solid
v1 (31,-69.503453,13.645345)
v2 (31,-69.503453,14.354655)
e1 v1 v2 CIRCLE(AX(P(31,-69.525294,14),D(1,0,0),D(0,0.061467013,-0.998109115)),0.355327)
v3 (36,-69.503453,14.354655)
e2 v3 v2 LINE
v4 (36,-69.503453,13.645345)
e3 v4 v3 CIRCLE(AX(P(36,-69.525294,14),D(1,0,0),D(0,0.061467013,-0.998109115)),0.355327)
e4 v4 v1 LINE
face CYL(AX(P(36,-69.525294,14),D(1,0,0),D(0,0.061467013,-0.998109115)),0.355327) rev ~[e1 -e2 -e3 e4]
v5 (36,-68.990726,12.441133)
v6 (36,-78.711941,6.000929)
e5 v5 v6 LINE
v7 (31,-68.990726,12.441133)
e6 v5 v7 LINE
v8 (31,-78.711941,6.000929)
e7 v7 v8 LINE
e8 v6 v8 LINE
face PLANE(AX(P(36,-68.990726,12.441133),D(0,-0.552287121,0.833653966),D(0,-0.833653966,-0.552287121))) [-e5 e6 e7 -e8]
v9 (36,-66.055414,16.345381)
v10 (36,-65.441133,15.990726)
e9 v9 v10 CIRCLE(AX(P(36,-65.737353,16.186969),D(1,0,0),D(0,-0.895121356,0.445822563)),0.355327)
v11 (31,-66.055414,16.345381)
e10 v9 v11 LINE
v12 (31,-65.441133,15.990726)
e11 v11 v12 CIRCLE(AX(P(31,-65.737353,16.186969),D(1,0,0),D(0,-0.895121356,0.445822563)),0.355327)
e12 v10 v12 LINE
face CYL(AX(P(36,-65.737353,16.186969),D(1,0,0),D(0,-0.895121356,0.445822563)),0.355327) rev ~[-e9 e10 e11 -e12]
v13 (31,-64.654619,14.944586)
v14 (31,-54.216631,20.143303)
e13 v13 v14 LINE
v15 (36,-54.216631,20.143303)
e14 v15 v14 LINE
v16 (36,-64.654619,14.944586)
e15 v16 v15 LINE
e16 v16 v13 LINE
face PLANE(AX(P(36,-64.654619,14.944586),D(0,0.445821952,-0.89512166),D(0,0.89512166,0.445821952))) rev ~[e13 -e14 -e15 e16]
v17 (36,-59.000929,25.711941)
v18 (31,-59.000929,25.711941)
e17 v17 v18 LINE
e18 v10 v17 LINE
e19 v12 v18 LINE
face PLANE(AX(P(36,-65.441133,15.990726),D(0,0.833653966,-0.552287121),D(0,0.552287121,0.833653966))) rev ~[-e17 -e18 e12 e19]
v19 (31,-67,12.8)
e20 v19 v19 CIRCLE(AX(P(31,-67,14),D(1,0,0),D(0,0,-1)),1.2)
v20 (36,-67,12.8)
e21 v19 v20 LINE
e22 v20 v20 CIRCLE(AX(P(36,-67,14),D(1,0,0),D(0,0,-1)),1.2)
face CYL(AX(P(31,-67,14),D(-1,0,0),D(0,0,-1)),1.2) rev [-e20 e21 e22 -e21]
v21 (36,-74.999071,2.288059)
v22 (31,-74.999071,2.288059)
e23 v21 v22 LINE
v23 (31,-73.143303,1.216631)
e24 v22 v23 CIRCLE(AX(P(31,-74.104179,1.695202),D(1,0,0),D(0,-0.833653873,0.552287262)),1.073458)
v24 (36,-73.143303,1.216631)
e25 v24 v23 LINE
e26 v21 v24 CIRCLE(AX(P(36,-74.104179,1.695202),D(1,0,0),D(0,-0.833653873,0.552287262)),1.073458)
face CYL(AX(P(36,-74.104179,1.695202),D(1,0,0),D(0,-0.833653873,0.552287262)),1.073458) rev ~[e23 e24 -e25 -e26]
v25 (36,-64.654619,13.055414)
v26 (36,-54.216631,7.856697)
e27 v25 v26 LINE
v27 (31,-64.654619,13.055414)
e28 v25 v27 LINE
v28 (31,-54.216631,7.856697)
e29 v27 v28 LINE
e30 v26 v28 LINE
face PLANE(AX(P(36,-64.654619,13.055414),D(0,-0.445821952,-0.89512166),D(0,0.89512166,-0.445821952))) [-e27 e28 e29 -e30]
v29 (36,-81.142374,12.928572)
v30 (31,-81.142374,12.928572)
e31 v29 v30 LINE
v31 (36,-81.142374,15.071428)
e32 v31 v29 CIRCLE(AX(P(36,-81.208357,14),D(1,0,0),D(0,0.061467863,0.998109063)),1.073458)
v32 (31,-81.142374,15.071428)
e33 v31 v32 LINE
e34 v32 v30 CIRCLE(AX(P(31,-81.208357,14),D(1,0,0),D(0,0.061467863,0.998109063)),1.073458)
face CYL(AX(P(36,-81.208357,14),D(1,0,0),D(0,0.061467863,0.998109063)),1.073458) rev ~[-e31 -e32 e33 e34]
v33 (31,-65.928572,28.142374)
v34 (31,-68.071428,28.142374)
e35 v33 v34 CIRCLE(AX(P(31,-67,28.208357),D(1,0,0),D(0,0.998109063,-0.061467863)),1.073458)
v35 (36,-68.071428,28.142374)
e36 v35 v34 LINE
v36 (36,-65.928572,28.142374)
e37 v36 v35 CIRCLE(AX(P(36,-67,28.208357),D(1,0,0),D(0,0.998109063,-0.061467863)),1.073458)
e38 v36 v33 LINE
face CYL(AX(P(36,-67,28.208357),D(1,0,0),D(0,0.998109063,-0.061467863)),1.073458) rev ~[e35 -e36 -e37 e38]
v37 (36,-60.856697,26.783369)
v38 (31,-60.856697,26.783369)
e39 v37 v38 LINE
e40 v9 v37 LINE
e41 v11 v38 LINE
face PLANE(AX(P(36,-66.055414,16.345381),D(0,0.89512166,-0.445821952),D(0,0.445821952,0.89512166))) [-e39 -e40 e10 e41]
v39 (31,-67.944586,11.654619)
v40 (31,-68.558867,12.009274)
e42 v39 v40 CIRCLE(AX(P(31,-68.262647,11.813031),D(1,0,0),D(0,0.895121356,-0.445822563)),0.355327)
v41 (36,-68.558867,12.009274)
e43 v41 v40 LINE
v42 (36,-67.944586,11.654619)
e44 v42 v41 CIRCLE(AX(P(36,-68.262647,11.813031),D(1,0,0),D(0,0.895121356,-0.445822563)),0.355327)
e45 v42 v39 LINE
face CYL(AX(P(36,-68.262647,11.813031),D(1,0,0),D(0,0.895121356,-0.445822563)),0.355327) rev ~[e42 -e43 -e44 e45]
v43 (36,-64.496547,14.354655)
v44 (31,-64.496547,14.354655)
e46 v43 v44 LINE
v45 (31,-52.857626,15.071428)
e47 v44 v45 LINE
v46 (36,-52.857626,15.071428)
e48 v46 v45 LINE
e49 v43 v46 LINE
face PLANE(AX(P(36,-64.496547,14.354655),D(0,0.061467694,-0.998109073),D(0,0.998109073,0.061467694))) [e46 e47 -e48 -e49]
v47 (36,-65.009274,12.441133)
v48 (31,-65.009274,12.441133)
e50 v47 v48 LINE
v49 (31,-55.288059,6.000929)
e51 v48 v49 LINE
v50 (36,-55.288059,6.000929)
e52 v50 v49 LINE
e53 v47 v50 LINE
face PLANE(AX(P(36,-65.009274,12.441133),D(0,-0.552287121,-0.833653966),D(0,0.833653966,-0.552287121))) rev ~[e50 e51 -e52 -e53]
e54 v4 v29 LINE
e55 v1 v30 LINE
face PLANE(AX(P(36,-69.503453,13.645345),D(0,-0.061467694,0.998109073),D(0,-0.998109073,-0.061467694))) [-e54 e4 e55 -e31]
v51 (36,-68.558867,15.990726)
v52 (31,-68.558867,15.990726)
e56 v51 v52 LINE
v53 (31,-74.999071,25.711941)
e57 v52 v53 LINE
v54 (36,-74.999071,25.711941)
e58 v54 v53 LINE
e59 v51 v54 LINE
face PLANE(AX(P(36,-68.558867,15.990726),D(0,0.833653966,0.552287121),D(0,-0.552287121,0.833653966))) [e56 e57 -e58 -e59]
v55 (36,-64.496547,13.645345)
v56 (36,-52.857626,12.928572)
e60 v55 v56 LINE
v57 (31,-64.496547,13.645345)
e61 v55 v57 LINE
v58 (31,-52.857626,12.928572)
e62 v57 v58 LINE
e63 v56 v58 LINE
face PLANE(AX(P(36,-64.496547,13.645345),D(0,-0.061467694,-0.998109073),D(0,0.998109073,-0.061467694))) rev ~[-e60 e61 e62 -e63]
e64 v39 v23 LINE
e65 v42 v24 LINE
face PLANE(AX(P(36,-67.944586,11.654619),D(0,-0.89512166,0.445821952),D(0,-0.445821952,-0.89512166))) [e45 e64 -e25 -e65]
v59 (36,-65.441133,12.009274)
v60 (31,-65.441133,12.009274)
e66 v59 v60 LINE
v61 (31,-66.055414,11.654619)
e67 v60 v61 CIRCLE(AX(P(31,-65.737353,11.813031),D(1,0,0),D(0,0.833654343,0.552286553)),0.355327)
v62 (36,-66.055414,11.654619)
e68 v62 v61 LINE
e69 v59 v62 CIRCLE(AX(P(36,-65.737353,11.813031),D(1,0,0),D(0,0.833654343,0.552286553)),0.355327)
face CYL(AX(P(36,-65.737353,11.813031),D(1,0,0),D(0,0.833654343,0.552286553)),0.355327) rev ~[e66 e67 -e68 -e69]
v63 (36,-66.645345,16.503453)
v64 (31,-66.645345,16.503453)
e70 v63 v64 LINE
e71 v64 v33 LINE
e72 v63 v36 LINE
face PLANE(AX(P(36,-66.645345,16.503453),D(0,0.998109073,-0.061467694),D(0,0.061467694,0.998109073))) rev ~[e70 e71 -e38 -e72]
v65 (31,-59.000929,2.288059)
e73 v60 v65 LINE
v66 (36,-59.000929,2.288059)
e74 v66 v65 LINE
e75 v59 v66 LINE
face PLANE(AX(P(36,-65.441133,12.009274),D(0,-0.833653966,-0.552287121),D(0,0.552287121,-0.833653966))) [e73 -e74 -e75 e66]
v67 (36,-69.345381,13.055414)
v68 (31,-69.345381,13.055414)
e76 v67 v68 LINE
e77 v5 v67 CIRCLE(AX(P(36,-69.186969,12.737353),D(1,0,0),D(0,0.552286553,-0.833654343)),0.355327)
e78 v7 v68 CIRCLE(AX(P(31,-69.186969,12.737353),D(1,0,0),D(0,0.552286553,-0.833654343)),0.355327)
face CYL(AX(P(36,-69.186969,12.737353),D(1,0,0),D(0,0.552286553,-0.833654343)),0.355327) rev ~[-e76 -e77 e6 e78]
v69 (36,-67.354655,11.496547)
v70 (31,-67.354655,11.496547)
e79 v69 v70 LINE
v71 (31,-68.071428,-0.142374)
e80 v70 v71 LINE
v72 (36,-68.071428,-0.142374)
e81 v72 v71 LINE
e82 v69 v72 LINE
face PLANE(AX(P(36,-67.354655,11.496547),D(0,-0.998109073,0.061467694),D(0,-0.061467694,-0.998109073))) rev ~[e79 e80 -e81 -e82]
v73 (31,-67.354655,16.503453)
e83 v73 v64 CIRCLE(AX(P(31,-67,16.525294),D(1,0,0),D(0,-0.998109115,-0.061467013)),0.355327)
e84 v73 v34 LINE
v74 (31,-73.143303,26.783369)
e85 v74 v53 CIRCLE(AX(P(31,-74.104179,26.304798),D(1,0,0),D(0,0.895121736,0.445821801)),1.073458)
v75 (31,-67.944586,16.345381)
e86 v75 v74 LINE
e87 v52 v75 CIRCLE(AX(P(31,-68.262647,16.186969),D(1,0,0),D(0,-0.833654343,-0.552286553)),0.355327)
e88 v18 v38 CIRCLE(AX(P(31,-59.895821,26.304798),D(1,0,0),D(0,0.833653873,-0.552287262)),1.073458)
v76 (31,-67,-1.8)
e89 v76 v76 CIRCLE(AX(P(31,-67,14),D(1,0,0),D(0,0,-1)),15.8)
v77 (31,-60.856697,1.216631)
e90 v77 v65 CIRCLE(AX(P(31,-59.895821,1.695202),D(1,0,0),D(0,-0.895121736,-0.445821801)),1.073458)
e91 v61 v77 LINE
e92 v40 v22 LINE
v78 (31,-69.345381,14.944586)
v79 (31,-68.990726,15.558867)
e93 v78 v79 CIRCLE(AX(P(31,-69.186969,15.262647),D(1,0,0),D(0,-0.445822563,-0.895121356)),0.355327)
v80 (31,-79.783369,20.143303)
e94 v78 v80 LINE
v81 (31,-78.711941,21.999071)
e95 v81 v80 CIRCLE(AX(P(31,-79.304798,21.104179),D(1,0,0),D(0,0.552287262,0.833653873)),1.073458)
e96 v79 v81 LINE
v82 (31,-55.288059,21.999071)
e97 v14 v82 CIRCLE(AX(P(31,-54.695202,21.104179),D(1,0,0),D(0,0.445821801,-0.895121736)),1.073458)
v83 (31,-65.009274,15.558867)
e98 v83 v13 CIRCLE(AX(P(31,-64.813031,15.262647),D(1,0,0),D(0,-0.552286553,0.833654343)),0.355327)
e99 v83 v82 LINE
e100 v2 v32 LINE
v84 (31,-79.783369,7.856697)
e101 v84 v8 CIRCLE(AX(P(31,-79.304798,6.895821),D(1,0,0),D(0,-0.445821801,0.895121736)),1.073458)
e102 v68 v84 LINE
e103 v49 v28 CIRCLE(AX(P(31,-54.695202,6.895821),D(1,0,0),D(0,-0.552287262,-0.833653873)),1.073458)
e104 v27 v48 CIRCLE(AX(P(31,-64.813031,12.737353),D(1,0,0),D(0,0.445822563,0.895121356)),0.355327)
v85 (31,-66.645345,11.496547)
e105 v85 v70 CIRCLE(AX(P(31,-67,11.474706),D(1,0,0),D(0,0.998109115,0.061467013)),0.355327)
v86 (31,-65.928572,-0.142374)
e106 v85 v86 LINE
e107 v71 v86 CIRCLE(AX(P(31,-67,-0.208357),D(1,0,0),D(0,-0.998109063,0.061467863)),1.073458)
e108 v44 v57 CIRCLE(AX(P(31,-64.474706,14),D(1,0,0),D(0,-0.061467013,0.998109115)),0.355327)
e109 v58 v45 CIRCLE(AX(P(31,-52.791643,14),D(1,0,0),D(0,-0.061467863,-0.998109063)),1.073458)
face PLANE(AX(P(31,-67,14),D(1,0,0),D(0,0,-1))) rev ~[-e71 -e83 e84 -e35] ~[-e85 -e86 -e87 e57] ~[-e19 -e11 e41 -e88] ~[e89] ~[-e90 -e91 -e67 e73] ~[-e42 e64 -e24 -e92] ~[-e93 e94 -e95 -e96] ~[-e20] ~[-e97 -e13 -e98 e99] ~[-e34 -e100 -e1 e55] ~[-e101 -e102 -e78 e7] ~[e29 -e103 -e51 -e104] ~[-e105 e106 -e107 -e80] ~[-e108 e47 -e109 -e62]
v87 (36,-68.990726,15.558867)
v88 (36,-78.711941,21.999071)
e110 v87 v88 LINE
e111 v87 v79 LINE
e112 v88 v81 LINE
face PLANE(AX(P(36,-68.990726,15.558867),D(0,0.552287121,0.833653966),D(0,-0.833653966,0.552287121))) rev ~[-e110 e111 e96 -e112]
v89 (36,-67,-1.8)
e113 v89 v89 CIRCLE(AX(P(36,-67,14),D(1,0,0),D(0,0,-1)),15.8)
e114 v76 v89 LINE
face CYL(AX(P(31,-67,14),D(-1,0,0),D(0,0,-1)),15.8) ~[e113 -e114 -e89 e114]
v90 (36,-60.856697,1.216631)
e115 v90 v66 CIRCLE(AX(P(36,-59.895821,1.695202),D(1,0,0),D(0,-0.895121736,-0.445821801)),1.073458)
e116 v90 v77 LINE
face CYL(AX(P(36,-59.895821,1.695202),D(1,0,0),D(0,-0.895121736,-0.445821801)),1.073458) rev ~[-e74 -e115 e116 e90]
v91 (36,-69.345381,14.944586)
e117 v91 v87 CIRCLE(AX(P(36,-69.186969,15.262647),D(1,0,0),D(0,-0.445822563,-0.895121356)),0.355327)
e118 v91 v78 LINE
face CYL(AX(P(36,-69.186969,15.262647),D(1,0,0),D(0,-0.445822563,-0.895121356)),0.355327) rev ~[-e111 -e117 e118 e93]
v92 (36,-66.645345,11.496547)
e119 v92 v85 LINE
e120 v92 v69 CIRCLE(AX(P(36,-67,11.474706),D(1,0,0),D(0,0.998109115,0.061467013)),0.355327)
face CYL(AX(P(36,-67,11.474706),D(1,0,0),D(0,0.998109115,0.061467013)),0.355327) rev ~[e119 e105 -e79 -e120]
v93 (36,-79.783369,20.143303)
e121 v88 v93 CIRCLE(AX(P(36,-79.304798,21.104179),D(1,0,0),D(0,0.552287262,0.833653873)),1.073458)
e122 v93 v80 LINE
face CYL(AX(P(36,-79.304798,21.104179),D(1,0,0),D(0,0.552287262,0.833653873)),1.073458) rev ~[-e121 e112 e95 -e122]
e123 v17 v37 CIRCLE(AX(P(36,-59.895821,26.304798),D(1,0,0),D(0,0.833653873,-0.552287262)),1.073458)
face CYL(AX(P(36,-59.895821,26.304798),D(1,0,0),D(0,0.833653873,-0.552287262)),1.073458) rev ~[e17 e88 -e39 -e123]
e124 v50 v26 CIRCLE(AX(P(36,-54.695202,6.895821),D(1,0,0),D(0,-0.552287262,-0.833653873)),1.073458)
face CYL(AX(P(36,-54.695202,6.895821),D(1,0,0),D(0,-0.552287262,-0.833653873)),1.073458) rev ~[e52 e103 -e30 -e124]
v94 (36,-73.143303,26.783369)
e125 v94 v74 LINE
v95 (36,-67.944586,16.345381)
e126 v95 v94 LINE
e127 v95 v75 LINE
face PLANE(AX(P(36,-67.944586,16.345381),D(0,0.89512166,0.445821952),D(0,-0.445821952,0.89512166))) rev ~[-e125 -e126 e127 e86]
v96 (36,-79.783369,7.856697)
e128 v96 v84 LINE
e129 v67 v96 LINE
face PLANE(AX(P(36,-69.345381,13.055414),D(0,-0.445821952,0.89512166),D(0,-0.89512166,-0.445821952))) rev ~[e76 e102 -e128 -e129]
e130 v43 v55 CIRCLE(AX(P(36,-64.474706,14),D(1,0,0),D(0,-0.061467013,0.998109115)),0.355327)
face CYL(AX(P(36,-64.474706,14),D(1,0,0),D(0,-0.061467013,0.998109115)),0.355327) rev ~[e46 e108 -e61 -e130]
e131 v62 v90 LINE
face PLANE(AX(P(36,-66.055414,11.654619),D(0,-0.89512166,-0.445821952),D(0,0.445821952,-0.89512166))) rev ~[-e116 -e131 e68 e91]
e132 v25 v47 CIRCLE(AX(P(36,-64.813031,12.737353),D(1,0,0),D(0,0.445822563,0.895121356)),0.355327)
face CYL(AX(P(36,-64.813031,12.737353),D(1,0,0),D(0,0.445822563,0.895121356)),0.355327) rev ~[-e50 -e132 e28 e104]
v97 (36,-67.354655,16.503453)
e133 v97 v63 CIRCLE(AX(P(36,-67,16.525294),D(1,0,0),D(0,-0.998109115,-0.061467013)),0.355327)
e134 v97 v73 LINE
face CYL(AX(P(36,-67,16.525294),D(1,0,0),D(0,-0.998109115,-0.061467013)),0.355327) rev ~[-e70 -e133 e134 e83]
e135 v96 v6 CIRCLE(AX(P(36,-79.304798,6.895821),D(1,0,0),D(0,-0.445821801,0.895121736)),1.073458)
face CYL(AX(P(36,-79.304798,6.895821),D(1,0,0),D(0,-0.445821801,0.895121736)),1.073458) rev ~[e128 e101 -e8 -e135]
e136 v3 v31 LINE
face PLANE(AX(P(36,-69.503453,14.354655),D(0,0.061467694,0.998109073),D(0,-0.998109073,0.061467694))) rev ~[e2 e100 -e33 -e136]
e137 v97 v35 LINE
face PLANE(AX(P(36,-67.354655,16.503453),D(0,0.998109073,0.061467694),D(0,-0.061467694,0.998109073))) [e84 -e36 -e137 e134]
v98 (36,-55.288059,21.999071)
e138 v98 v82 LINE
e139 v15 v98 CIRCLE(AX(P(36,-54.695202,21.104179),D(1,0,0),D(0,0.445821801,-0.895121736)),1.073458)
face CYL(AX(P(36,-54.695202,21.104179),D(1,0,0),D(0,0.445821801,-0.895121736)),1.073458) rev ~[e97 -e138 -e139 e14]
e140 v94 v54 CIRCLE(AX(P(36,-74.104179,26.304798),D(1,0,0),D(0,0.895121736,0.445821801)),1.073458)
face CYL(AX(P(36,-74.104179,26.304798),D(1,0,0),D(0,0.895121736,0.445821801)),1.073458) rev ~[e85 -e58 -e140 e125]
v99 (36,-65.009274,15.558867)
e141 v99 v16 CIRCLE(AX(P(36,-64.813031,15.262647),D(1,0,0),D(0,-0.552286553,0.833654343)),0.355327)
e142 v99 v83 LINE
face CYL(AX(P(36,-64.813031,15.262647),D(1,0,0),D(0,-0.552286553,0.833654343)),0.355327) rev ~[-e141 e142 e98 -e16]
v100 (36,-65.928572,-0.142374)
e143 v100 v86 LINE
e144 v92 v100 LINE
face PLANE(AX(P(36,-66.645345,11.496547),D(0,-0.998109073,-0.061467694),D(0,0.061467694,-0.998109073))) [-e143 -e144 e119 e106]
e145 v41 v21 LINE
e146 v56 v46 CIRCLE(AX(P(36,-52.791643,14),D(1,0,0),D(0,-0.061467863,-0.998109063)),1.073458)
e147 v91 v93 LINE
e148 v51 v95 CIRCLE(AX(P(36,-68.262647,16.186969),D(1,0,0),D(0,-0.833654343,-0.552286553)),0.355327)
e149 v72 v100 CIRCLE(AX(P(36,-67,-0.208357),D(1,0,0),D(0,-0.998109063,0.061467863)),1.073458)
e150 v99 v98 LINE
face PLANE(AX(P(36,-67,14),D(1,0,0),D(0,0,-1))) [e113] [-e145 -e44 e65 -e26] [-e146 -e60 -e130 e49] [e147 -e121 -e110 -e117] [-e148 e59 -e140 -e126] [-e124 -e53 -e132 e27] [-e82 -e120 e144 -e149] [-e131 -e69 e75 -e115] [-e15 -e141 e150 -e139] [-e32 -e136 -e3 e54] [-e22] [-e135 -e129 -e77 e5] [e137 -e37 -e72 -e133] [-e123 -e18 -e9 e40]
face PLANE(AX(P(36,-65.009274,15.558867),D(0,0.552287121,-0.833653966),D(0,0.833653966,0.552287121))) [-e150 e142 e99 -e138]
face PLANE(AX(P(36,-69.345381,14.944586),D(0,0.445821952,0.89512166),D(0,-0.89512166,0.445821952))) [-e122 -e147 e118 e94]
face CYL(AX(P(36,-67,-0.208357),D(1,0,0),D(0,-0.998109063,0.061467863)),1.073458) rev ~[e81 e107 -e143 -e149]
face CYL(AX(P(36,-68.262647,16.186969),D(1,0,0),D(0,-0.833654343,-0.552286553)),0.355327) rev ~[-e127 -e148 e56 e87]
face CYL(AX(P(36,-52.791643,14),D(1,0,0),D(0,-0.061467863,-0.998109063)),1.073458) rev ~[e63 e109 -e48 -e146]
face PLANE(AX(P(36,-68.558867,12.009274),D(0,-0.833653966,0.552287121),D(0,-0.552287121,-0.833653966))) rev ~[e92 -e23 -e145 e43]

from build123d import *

# Parameters (mm, degrees)
SKETCH002_R             = 15.8
SKETCH002_R_2           = 1.2
PAD002_DEPTH            = 5
POCKET_DEPTH            = 5
POLARPATTERN_COUNT      = 12
BODY002_PLACEMENT_ANGLE = 90


with BuildPart() as part:
    # Sketch002 → Pad002 (new body)
    with BuildSketch(Plane.XY):
        Circle(SKETCH002_R)
        Circle(SKETCH002_R_2, mode=Mode.SUBTRACT)
    extrude(amount=PAD002_DEPTH)

    # Sketch003 (on Face4 of Pad002) → Pocket (cut)
    with BuildSketch(Plane.XY.offset(5)):
        with BuildLine():
            ThreePointArc((-0.354655, 2.503453), (0, 2.169967), (0.354655, 2.503453))
            Line((0.354655, 2.503453), (1.071428, 14.142374))
            ThreePointArc((1.071428, 14.142374), (0, 15.281815), (-1.071428, 14.142374))
            Line((-0.354655, 2.503453), (-1.071428, 14.142374))
        make_face()
    pocket = extrude(amount=-POCKET_DEPTH, mode=Mode.SUBTRACT)

    # PolarPattern: Pocket ×12 about axis
    polarpattern_axis = Axis((0, 0, 0), (0, 0, 1))
    for i in range(1, POLARPATTERN_COUNT):
        add(pocket.rotate(polarpattern_axis, i * 360 / POLARPATTERN_COUNT), mode=Mode.SUBTRACT)


with BuildPart() as part_1:
    # Body002 placement: moved
    add(part.part.moved(Location((31, -67, 14))).rotate(Axis((31, -67, 14), (0, 1, 0)), BODY002_PLACEMENT_ANGLE))


solid = part_1.part
